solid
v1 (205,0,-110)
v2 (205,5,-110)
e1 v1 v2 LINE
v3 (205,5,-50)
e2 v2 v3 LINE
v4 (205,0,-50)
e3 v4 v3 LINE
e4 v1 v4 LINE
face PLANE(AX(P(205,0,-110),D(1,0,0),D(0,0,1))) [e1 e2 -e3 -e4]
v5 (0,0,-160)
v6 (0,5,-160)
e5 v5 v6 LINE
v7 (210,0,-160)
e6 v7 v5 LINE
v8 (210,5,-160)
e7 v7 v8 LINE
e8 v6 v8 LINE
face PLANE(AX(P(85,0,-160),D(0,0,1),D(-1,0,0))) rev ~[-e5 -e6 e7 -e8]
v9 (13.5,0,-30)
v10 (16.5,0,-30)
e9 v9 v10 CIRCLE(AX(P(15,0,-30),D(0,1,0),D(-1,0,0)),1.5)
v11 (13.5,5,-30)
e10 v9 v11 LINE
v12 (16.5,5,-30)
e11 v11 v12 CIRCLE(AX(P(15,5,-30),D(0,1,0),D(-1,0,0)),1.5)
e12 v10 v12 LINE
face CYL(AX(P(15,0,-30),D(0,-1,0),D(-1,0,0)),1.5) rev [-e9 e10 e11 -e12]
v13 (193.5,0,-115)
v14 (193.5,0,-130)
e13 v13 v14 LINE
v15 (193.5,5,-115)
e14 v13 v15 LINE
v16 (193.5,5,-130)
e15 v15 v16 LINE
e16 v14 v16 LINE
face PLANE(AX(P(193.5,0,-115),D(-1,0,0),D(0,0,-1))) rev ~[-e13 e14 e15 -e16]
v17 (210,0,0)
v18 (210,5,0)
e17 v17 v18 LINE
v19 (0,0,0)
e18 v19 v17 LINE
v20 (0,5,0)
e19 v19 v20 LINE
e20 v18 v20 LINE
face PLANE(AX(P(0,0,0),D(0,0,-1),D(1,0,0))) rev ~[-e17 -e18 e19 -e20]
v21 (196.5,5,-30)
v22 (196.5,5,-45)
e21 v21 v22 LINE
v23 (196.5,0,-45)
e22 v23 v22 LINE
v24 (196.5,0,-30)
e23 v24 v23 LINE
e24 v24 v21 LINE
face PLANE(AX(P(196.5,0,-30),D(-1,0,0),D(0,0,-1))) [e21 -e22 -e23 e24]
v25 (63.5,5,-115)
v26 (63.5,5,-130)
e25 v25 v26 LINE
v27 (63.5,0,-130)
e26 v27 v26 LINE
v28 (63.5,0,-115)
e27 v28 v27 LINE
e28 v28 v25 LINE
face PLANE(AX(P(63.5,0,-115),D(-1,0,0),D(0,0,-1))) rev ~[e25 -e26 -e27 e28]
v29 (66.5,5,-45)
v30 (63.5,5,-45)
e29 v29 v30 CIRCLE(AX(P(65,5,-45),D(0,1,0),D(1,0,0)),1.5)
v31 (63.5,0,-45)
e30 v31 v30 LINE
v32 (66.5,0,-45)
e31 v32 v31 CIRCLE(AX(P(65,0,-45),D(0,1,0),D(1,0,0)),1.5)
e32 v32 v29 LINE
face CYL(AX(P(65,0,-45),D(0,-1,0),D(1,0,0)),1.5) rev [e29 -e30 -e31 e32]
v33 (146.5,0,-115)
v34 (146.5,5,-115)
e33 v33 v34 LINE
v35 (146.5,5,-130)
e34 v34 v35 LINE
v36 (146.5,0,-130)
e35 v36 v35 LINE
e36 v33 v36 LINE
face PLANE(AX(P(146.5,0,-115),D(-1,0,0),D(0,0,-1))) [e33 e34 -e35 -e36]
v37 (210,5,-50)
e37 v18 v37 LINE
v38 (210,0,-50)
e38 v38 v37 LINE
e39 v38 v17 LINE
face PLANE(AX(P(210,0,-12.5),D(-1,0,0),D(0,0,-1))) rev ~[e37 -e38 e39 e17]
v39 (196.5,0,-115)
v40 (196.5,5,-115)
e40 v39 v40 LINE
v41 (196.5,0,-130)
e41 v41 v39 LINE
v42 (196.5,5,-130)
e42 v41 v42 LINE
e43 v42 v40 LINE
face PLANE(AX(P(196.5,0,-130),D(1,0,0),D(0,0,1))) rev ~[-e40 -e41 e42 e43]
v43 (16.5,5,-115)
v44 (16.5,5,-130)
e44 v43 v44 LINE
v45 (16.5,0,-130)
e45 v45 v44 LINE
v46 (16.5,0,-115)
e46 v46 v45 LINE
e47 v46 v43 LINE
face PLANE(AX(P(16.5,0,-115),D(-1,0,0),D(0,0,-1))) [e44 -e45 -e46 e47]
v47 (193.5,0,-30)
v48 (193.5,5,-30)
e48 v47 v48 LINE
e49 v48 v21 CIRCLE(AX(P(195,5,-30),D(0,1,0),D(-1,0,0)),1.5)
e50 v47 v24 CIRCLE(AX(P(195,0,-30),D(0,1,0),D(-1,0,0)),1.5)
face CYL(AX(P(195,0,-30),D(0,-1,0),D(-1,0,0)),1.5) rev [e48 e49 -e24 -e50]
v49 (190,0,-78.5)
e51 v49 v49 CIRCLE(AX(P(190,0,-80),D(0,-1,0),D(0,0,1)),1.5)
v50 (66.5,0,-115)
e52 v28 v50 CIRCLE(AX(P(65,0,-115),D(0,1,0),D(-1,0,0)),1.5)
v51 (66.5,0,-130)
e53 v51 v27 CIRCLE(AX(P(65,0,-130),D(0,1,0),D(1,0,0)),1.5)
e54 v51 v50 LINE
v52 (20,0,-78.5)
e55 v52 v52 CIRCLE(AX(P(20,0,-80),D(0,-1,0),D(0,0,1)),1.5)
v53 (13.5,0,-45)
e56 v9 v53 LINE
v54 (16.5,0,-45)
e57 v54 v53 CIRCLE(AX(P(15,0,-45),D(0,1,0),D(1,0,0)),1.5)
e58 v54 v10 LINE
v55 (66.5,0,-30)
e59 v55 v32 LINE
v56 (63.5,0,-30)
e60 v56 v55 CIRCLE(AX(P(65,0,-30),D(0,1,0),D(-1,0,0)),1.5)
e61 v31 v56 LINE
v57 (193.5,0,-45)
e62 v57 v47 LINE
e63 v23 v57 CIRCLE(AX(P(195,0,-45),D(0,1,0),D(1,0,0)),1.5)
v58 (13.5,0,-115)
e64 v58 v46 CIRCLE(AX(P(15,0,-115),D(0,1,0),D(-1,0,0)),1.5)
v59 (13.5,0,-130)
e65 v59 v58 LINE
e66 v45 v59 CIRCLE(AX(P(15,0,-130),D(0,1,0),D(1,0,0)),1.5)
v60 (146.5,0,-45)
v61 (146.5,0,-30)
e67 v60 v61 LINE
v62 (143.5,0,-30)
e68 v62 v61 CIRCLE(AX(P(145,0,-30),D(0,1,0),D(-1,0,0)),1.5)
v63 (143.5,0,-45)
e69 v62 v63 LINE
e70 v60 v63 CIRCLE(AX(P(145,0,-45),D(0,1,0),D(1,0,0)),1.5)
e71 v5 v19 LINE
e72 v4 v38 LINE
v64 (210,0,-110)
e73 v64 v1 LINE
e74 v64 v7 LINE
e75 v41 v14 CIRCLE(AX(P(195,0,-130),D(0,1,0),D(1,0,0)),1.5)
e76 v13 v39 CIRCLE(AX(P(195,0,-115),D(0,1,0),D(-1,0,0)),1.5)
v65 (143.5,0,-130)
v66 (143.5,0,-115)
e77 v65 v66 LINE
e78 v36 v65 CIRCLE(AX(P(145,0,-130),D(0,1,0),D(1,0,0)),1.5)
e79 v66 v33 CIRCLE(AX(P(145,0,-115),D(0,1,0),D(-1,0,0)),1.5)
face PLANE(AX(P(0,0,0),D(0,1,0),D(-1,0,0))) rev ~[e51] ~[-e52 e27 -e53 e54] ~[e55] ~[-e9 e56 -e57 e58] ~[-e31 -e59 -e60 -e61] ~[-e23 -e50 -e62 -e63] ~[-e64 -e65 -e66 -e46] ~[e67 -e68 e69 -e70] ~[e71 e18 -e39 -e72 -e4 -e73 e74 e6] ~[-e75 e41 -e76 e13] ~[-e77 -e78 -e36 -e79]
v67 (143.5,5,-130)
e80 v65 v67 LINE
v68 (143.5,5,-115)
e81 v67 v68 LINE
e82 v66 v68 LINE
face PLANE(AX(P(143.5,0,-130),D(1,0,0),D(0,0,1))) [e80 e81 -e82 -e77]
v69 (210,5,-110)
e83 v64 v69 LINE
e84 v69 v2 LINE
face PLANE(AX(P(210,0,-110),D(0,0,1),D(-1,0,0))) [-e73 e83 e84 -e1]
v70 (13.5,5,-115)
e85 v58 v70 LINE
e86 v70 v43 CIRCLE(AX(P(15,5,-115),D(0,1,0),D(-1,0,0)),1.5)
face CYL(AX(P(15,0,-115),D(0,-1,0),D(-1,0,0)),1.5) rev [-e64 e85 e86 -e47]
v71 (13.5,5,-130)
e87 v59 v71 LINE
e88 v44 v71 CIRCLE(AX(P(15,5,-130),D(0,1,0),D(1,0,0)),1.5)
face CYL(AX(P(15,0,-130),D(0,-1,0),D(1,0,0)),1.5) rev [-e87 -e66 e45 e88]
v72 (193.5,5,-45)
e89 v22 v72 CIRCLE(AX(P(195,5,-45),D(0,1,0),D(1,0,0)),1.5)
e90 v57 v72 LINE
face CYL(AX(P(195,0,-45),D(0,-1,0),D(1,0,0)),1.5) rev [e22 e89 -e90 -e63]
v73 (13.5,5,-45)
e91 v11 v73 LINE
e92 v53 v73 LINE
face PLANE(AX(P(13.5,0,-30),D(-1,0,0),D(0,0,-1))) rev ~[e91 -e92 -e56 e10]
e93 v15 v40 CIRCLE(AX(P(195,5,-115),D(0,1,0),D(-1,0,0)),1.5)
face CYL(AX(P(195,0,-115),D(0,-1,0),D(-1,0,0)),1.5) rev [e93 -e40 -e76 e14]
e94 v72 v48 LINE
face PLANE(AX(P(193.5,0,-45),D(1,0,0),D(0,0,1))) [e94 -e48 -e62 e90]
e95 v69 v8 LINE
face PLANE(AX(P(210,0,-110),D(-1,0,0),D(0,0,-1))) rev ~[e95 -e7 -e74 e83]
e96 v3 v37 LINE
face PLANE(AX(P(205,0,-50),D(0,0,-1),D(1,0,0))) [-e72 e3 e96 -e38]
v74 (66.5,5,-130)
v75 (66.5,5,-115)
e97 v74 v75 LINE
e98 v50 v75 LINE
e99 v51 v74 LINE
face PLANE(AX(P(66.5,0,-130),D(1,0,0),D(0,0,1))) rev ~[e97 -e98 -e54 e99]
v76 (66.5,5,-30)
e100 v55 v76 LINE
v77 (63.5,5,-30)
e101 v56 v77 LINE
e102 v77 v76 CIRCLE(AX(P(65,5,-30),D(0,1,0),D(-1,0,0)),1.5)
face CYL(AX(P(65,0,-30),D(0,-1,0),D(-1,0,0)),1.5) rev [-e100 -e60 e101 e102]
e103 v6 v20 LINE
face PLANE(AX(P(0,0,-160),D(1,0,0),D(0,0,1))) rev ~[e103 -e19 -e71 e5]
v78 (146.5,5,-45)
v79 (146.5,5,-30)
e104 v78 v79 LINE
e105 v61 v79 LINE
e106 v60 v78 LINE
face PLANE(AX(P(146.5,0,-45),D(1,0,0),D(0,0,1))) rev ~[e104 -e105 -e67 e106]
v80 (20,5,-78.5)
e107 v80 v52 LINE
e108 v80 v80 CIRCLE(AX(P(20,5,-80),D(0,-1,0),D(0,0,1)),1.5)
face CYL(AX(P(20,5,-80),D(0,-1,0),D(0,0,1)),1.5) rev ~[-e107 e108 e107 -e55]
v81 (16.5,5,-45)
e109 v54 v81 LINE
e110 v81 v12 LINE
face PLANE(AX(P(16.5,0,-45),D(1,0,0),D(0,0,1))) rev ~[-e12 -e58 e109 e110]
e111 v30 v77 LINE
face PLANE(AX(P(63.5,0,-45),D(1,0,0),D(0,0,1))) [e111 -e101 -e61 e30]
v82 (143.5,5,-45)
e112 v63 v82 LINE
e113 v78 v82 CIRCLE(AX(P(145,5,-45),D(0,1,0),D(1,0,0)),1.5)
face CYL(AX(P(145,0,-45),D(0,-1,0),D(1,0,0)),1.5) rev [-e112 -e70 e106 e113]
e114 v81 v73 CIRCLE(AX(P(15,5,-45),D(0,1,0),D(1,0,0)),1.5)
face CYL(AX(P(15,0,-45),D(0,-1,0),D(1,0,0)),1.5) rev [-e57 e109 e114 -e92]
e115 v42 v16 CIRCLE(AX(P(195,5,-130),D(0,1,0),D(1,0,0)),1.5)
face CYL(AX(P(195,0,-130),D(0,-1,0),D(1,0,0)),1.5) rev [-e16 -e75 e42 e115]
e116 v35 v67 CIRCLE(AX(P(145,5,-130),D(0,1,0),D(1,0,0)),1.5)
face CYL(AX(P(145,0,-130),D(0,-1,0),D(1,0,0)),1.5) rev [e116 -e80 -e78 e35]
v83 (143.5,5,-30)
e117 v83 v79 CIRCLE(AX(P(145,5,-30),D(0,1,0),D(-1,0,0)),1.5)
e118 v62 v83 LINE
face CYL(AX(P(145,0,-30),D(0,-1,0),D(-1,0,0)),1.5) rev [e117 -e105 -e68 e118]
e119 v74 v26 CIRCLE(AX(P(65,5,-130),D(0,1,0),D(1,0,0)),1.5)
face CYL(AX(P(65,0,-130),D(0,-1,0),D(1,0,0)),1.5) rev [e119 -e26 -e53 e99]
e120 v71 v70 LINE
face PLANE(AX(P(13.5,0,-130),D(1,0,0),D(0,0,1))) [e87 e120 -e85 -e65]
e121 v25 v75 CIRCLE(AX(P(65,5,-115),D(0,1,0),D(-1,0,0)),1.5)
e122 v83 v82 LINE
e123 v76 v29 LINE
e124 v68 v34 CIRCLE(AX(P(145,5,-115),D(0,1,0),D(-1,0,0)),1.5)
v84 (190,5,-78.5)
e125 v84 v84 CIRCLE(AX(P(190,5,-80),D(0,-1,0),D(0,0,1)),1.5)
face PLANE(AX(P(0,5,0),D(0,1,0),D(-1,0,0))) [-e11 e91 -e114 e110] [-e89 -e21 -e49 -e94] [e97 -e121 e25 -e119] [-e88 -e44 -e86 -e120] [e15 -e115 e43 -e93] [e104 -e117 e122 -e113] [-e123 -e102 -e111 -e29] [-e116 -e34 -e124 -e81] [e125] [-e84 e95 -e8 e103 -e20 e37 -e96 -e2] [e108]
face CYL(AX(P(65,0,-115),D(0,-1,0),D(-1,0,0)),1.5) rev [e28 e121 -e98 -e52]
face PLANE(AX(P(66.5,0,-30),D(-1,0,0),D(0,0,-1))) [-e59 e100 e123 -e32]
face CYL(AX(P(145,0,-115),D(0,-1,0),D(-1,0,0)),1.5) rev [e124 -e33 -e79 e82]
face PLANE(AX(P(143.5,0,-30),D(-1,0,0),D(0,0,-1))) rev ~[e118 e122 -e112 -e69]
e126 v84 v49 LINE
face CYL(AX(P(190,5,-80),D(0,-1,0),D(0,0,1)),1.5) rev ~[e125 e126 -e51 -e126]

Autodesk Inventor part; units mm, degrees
ref_plane "YZ Plane" through (0, 0, 0) normal (1, 0, 0) x (0, 1, 0)
ref_plane "XZ Plane" through (0, 0, 0) normal (0, 1, 0) x (-1, 0, 0)
ref_plane "XY Plane" through (0, 0, 0) normal (0, 0, 1) x (1, 0, 0)
sketch "Sketch1" plane through (0, 0, 0) normal (0, 1, 0) x (-1, 0, 0)
  line L0 (0, 0) -> (-210, 0)
  line L1 (-210, 0) -> (-210, -160)
  line L2 (-210, -160) -> (0, -160)
  line L3 (75, -80) -> (-210, -80) construction
  line L4 (-105, 0) -> (-105, -160) construction
  line L5 (-40, 0) -> (-40, -160) construction
  line L6 (-133, 0) -> (-133, -160) construction
  line L7 (-15, -130) -> (-15, -115) construction
  line L8 (-15, -130) -> (-15, -115) construction
  line L9 (-13.5, -130) -> (-13.5, -115)
  line L10 (-16.5, -115) -> (-16.5, -130)
  arc A0 (-16.5, -130) -> (-13.5, -130) centre (-15, -130) ccw
  arc A1 (-13.5, -115) -> (-16.5, -115) centre (-15, -115) ccw
  line L11 (-65, -130) -> (-65, -115) construction
  line L12 (-65, -130) -> (-65, -115) construction
  line L13 (-66.5, -130) -> (-66.5, -115)
  line L14 (-63.5, -115) -> (-63.5, -130)
  arc A2 (-66.5, -130) -> (-63.5, -130) centre (-65, -130) ccw
  arc A3 (-63.5, -115) -> (-66.5, -115) centre (-65, -115) ccw
  line L15 (-125, -160) -> (-85, -160)
  line L16 (-85, -160) -> (-85, -155)
  line L17 (-85, -155) -> (-125, -155)
  line L18 (-125, -155) -> (-125, -160)
  line L19 (-195, -130) -> (-195, -115) construction
  line L20 (-195, -130) -> (-195, -115) construction
  line L21 (-196.5, -130) -> (-196.5, -115)
  line L22 (-193.5, -115) -> (-193.5, -130)
  arc A4 (-196.5, -130) -> (-193.5, -130) centre (-195, -130) ccw
  arc A5 (-193.5, -115) -> (-196.5, -115) centre (-195, -115) ccw
  line L23 (-146.5, -115) -> (-146.5, -130)
  line L24 (-145, -130) -> (-145, -115) construction
  line L25 (-143.5, -130) -> (-143.5, -115)
  arc A6 (-146.5, -130) -> (-143.5, -130) centre (-145, -130) ccw
  line L26 (-145, -130) -> (-145, -115) construction
  arc A7 (-143.5, -115) -> (-146.5, -115) centre (-145, -115) ccw
  line L27 (-105, -160) -> (-105, 0) construction
  line L28 (-15, -30) -> (-15, -45) construction
  line L29 (-15, -30) -> (-15, -45) construction
  line L30 (-13.5, -30) -> (-13.5, -45)
  line L31 (-16.5, -45) -> (-16.5, -30)
  arc A8 (-13.5, -30) -> (-16.5, -30) centre (-15, -30) ccw
  arc A9 (-16.5, -45) -> (-13.5, -45) centre (-15, -45) ccw
  line L32 (-63.5, -45) -> (-63.5, -30)
  line L33 (-65, -30) -> (-65, -45) construction
  line L34 (-66.5, -30) -> (-66.5, -45)
  arc A10 (-63.5, -30) -> (-66.5, -30) centre (-65, -30) ccw
  line L35 (-65, -30) -> (-65, -45) construction
  arc A11 (-66.5, -45) -> (-63.5, -45) centre (-65, -45) ccw
  line L36 (-125, 0) -> (-85, 0)
  line L37 (-85, 0) -> (-85, -5)
  line L38 (-85, -5) -> (-125, -5)
  line L39 (-125, -5) -> (-125, 0)
  arc A12 (-193.5, -30) -> (-196.5, -30) centre (-195, -30) ccw
  line L40 (-193.5, -45) -> (-193.5, -30)
  line L41 (-195, -30) -> (-195, -45) construction
  line L42 (-195, -30) -> (-195, -45) construction
  arc A13 (-196.5, -45) -> (-193.5, -45) centre (-195, -45) ccw
  line L43 (-196.5, -30) -> (-196.5, -45)
  line L44 (-146.5, -45) -> (-146.5, -30)
  line L45 (-145, -30) -> (-145, -45) construction
  line L46 (-145, -30) -> (-145, -45) construction
  arc A14 (-146.5, -45) -> (-143.5, -45) centre (-145, -45) ccw
  line L47 (-143.5, -30) -> (-143.5, -45)
  arc A15 (-143.5, -30) -> (-146.5, -30) centre (-145, -30) ccw
  line L48 (-210, -12.5) -> (-210, -62.5)
  line L49 (-210, -62.5) -> (-210, -110)
  line L50 (-210, -110) -> (-205, -110)
  line L51 (-205, -110) -> (-205, -50)
  line L52 (-205, -50) -> (-210, -50)
  line L53 (-210, -50) -> (-210, -12.5)
  line L54 (0, -160) -> (0, 0)
  point P0 (-15, -122.5)
  point P1 (-65, -122.5)
  point P2 (-195, -122.5)
  point P3 (-145, -122.5)
  point P4 (-15, -37.5)
  point P5 (-65, -37.5)
  point P6 (-195, -37.5)
  point P7 (-145, -37.5)
  point P8 (-65, -122.5)
  point P9 (-15, -122.5)
  point P10 (-125, -160)
  point P11 (-85, -160)
  point P12 (-85, 0)
  point P13 (-125, 0)
  point P14 (-195, -122.5)
  dimension "d2" = 15
  dimension "d4" = 30
  dimension "d6" = 1.5
  dimension "d9" = 40
  dimension "d13" = 0
  dimension "d14" = 5
  dimension "d16" = 20
  dimension "d22" = 5
  dimension "d26" = 30
  dimension "d27" = 30
  dimension "d28" = 0
  dimension "d30" = 160
  dimension "d32" = 50
  dimension "d56" = 15
  dimension "d57" = 210
extrude "Extrusion1" add sketch "Sketch1" along normal blind 5 contours L54 L2 L16 L17 L18 L1 L50 L51 L52 L0 L39 L38 L37 | L37 L38 L39 L0 | L2 L18 L17 L16
sketch "Sketch4" plane through (0, 5, 0) normal (0, 1, 0) x (1, 0, 0)
  line L0 (0, 0) -> (210, 0) projected
  line L1 (0, 160) -> (0, 0) projected
  point P0 (20, 80)
  dimension "d76" = 80
  dimension "d77" = 20
hole "Hole3" at (20, 5, -80) direction (0, -1, 0) diameter 3 end through all
sketch "Sketch5" plane through (0, 5, 0) normal (0, 1, 0) x (1, 0, 0)
  line L0 (205, 50) -> (205, 110) projected
  point P0 (0, 0)
  point P1 (190, 80)
  dimension "d85" = 15
  dimension "d86" = 30
hole "Hole4" at (190, 5, -80) direction (0, -1, 0) diameter 3 end through all
properties part number "base_2" material "Acrylic"
